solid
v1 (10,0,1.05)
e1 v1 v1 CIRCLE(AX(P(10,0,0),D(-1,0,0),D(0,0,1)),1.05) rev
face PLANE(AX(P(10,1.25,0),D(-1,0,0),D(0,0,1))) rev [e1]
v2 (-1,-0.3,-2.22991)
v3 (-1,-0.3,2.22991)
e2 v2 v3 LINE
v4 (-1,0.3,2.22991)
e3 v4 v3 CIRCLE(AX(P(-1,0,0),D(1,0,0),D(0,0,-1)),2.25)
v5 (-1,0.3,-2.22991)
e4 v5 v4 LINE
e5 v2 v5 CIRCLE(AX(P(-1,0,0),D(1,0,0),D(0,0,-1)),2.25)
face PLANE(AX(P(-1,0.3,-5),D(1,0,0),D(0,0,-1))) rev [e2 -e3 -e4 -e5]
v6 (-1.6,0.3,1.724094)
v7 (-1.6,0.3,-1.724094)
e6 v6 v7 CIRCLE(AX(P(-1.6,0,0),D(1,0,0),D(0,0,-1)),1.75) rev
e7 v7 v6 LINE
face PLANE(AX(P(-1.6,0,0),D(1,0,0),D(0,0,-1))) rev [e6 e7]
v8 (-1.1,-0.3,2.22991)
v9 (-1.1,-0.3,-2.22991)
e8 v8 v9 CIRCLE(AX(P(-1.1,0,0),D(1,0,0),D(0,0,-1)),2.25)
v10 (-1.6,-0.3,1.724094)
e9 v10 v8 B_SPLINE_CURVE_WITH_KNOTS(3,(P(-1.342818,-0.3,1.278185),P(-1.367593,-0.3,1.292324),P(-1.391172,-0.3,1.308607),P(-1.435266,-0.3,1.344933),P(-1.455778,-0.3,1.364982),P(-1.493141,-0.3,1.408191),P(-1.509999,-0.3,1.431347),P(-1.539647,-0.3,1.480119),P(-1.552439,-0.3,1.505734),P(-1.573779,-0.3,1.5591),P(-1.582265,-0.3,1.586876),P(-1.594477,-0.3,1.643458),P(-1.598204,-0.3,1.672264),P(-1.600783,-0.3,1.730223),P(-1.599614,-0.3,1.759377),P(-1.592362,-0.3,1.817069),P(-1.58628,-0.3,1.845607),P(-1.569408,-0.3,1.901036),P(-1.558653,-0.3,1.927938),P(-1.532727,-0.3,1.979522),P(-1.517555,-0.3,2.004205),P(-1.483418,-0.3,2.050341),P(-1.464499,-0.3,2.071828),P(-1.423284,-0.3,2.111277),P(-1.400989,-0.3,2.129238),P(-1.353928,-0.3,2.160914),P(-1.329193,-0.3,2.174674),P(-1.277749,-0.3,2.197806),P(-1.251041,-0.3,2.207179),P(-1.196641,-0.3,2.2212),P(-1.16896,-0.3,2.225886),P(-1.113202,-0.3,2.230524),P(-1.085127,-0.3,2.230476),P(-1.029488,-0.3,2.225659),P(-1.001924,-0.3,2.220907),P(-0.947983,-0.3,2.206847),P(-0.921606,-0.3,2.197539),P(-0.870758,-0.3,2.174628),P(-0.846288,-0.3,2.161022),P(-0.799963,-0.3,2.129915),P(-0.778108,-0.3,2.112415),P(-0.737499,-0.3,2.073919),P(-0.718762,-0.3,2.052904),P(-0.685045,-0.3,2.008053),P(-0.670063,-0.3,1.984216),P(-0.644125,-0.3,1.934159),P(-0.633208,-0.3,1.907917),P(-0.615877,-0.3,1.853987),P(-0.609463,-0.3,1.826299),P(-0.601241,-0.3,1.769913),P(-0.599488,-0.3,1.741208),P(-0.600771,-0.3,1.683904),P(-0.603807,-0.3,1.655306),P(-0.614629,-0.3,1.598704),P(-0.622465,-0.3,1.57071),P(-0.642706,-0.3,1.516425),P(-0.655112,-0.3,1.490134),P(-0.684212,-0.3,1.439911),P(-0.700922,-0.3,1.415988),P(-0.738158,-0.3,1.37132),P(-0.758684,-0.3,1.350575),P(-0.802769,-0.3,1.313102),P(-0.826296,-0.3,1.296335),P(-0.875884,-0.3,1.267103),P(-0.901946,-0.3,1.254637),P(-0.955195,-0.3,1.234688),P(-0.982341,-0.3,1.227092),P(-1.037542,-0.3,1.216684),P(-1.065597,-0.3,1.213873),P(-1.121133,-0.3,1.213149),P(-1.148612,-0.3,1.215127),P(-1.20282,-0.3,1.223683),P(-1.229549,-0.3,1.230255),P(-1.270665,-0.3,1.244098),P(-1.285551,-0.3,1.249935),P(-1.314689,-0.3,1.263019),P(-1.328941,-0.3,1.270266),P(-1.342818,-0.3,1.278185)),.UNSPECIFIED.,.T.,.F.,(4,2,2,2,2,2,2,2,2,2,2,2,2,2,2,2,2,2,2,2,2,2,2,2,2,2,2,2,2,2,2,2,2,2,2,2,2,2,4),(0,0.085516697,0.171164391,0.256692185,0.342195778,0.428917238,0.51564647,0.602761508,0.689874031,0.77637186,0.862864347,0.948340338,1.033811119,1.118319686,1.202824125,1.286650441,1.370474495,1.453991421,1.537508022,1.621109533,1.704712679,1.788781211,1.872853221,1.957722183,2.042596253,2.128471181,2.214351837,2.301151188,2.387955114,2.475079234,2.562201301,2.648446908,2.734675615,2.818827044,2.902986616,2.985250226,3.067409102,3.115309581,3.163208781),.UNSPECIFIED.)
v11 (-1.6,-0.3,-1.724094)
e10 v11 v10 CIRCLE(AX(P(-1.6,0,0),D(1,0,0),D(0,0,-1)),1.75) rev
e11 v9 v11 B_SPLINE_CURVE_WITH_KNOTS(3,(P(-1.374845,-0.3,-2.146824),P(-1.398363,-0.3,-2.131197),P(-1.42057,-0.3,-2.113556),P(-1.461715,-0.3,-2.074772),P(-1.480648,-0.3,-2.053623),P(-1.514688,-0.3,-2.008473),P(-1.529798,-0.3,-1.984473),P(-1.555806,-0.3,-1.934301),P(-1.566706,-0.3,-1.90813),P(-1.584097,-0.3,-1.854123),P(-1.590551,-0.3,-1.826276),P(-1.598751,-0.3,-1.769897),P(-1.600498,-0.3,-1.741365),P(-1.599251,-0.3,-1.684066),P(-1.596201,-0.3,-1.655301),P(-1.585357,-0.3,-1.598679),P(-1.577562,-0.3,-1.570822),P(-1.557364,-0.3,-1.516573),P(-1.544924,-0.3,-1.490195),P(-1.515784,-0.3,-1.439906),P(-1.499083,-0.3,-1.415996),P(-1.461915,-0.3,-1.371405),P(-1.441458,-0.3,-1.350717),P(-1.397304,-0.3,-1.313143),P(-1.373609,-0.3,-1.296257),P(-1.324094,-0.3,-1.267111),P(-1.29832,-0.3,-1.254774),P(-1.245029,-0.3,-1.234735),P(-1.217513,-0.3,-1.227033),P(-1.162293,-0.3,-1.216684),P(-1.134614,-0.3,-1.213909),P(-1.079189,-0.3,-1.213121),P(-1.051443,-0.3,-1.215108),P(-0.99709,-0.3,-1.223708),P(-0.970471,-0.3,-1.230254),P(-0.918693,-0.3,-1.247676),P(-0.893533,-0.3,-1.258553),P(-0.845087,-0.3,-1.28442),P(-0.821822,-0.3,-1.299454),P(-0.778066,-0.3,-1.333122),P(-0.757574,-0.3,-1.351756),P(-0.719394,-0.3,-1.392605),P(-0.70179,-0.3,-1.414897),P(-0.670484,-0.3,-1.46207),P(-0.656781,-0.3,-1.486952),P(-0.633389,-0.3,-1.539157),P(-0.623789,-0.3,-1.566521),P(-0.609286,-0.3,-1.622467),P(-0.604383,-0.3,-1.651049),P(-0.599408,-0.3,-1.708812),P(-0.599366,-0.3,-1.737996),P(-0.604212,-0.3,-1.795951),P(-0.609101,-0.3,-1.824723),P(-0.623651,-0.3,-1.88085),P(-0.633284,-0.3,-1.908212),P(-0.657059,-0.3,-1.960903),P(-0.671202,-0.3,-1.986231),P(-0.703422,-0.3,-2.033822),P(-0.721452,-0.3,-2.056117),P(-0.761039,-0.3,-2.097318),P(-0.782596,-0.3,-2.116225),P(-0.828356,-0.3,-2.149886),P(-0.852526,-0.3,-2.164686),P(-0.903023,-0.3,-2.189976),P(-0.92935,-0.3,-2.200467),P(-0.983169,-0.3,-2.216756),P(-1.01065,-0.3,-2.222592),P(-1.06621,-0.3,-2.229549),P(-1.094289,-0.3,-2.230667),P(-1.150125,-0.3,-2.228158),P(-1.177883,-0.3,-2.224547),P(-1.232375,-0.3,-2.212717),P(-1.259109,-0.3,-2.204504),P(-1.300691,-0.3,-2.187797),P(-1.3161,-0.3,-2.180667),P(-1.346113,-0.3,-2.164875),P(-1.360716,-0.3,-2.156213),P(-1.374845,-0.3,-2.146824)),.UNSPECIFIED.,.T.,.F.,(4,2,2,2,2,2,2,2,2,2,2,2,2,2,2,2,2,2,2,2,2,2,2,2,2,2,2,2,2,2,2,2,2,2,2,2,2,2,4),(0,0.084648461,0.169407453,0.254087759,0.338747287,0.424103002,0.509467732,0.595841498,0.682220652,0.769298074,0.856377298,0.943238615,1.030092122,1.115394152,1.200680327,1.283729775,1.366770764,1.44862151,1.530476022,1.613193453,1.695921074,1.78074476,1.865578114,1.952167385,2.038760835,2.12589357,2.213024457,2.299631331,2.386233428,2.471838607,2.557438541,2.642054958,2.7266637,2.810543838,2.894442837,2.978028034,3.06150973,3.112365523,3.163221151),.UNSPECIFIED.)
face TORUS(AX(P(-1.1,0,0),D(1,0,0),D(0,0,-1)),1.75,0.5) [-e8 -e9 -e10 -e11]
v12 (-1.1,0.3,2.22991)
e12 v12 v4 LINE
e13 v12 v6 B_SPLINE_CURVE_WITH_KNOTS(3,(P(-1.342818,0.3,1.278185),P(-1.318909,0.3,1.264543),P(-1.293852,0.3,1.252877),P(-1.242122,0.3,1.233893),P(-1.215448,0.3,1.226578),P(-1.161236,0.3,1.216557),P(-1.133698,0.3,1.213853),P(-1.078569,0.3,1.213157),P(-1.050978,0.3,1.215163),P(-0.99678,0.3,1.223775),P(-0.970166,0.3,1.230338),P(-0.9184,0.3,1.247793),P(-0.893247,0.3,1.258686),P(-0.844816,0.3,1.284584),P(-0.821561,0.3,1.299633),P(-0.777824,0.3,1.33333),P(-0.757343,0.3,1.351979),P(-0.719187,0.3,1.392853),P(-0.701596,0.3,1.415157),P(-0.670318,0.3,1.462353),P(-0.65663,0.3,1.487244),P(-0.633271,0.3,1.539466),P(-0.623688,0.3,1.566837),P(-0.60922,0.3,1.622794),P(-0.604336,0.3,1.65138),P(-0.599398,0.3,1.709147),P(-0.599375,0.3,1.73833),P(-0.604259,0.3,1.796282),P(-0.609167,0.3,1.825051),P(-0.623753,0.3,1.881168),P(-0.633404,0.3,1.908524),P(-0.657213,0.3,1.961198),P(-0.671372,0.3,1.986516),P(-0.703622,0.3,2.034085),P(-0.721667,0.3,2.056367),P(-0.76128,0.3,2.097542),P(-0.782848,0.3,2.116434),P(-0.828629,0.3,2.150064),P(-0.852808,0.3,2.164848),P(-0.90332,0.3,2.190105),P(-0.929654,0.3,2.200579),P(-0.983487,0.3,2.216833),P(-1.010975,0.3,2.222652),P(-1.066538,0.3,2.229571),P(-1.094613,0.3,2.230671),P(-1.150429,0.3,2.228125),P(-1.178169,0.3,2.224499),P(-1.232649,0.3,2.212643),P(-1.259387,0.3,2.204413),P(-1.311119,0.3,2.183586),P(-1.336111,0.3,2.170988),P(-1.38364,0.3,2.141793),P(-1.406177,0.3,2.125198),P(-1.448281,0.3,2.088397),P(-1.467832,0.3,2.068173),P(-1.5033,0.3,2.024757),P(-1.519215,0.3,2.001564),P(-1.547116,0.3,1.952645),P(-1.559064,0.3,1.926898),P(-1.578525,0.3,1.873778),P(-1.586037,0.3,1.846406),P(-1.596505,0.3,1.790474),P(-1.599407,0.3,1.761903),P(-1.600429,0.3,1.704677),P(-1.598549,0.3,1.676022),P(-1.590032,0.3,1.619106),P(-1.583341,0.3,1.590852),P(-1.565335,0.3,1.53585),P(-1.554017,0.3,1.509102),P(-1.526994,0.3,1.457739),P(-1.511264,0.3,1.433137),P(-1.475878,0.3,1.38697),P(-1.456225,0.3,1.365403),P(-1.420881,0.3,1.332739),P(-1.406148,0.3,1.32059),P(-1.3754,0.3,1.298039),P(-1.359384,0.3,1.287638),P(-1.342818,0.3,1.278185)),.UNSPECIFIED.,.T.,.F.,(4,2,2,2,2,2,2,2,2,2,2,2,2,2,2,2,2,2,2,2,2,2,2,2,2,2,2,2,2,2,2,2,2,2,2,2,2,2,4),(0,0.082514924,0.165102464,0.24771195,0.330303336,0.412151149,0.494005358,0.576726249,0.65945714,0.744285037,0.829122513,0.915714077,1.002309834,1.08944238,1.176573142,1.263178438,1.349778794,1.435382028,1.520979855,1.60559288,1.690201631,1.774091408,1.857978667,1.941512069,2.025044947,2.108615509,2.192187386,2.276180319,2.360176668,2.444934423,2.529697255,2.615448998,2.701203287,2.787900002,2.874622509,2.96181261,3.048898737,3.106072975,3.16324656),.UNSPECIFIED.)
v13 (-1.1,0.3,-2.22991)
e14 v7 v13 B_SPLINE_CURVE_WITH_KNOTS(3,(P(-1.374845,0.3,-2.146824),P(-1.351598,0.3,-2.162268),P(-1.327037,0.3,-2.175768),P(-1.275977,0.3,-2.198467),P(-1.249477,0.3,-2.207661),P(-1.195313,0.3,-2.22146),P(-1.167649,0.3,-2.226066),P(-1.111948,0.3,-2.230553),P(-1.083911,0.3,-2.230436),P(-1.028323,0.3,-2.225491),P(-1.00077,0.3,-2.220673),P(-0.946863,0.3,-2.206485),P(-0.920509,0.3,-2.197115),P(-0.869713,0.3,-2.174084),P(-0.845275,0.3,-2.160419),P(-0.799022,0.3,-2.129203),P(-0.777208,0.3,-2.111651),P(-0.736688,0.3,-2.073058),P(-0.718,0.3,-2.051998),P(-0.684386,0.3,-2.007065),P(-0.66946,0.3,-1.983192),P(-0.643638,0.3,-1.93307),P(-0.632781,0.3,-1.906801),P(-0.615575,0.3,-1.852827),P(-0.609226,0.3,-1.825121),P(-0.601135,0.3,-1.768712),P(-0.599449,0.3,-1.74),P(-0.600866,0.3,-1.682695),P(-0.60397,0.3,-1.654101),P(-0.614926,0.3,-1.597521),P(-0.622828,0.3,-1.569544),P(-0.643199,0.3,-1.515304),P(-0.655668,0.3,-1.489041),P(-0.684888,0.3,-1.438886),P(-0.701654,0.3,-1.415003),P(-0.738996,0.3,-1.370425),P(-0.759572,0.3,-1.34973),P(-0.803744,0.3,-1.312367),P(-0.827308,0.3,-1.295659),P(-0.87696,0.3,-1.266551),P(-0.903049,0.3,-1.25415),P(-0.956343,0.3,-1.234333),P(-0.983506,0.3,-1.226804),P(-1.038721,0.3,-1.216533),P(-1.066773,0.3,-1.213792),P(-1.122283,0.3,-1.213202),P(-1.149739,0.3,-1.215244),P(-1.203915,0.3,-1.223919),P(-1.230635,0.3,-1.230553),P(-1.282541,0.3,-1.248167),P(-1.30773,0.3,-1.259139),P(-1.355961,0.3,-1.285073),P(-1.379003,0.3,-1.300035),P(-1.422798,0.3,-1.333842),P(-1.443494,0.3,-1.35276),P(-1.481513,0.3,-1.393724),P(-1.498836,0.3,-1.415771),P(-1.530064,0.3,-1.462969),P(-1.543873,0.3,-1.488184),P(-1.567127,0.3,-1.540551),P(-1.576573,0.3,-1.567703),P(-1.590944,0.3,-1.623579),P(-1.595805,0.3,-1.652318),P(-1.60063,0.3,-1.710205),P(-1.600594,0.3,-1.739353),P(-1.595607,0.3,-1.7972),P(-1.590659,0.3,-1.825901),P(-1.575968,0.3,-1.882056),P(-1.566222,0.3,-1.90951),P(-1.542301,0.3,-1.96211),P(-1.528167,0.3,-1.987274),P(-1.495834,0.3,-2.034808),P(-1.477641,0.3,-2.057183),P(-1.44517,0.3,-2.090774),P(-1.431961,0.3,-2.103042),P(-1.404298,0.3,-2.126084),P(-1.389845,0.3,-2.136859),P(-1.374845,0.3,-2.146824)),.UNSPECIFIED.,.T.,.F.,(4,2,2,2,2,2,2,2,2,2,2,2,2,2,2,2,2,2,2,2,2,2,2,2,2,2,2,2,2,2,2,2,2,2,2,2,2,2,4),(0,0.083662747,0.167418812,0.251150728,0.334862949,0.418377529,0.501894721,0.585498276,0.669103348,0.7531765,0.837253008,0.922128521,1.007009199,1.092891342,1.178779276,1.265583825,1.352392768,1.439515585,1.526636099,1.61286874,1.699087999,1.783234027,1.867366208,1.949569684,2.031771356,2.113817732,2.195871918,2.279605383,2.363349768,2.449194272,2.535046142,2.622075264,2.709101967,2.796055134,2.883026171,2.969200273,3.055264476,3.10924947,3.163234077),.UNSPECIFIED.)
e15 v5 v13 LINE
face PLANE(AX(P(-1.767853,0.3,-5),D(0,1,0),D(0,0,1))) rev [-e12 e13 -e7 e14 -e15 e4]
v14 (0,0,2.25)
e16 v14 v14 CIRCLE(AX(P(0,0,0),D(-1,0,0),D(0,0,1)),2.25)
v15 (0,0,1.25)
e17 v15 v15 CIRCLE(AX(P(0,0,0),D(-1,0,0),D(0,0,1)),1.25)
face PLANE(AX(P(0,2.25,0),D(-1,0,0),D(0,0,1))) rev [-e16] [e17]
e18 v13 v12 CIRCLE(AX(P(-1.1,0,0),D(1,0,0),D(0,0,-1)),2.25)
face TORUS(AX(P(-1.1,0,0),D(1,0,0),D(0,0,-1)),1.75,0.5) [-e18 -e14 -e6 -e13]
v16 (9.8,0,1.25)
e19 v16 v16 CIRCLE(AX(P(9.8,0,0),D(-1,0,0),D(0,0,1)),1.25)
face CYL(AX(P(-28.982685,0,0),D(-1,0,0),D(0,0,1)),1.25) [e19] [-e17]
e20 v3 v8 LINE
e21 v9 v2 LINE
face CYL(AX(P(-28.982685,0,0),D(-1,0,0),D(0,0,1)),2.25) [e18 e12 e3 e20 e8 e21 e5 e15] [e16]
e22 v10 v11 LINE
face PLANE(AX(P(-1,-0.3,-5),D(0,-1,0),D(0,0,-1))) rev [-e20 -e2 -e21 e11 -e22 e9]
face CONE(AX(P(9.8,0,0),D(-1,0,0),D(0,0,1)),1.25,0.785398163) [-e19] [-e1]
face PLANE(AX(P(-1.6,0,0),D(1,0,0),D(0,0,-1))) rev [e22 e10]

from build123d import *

# Parameters (mm, degrees)
CHANFREIN1_SIZE         = 0.2
CONG_1_R                = 0.5
ESQUISSE3_W             = 0.767853135
ESQUISSE3_H             = 0.6
ENL_V_MAT_EXTRU_1_DEPTH = 5


with BuildPart() as part:
    # Esquisse1 → Base-Révolution (revolve)
    with BuildSketch(Plane.XY, mode=Mode.PRIVATE) as base_r_volution_sk:
        Polygon((-1.6, 0), (-1.6, 2.25), (0, 2.25), (0, 1.25), (10, 1.25), (10, 0), align=None)
    revolve(base_r_volution_sk.sketch.rotate(Axis((-28.982684825, 0, 0), (1, 0, 0)), 90), axis=Axis((-28.982684825, 0, 0), (1, 0, 0)))

    # Chanfrein1
    chanfrein1_edges = [part.edges().sort_by_distance(p)[0] for p in [
        (10, 0, -1.25),
    ]]
    chamfer(chanfrein1_edges, length=CHANFREIN1_SIZE)

    # Congé1
    cong_1_edges = [part.edges().sort_by_distance(p)[0] for p in [
        (-1.6, 0, -2.25),
    ]]
    fillet(cong_1_edges, radius=CONG_1_R)

    # Esquisse3 → Enlèv. mat.-Extru.1 (cut, symmetric)
    with BuildSketch(Plane.XY):
        with Locations((-1.383926568, 0)):
            Rectangle(ESQUISSE3_W, ESQUISSE3_H)
    extrude(amount=ENL_V_MAT_EXTRU_1_DEPTH, both=True, mode=Mode.SUBTRACT)


solid = part.part
